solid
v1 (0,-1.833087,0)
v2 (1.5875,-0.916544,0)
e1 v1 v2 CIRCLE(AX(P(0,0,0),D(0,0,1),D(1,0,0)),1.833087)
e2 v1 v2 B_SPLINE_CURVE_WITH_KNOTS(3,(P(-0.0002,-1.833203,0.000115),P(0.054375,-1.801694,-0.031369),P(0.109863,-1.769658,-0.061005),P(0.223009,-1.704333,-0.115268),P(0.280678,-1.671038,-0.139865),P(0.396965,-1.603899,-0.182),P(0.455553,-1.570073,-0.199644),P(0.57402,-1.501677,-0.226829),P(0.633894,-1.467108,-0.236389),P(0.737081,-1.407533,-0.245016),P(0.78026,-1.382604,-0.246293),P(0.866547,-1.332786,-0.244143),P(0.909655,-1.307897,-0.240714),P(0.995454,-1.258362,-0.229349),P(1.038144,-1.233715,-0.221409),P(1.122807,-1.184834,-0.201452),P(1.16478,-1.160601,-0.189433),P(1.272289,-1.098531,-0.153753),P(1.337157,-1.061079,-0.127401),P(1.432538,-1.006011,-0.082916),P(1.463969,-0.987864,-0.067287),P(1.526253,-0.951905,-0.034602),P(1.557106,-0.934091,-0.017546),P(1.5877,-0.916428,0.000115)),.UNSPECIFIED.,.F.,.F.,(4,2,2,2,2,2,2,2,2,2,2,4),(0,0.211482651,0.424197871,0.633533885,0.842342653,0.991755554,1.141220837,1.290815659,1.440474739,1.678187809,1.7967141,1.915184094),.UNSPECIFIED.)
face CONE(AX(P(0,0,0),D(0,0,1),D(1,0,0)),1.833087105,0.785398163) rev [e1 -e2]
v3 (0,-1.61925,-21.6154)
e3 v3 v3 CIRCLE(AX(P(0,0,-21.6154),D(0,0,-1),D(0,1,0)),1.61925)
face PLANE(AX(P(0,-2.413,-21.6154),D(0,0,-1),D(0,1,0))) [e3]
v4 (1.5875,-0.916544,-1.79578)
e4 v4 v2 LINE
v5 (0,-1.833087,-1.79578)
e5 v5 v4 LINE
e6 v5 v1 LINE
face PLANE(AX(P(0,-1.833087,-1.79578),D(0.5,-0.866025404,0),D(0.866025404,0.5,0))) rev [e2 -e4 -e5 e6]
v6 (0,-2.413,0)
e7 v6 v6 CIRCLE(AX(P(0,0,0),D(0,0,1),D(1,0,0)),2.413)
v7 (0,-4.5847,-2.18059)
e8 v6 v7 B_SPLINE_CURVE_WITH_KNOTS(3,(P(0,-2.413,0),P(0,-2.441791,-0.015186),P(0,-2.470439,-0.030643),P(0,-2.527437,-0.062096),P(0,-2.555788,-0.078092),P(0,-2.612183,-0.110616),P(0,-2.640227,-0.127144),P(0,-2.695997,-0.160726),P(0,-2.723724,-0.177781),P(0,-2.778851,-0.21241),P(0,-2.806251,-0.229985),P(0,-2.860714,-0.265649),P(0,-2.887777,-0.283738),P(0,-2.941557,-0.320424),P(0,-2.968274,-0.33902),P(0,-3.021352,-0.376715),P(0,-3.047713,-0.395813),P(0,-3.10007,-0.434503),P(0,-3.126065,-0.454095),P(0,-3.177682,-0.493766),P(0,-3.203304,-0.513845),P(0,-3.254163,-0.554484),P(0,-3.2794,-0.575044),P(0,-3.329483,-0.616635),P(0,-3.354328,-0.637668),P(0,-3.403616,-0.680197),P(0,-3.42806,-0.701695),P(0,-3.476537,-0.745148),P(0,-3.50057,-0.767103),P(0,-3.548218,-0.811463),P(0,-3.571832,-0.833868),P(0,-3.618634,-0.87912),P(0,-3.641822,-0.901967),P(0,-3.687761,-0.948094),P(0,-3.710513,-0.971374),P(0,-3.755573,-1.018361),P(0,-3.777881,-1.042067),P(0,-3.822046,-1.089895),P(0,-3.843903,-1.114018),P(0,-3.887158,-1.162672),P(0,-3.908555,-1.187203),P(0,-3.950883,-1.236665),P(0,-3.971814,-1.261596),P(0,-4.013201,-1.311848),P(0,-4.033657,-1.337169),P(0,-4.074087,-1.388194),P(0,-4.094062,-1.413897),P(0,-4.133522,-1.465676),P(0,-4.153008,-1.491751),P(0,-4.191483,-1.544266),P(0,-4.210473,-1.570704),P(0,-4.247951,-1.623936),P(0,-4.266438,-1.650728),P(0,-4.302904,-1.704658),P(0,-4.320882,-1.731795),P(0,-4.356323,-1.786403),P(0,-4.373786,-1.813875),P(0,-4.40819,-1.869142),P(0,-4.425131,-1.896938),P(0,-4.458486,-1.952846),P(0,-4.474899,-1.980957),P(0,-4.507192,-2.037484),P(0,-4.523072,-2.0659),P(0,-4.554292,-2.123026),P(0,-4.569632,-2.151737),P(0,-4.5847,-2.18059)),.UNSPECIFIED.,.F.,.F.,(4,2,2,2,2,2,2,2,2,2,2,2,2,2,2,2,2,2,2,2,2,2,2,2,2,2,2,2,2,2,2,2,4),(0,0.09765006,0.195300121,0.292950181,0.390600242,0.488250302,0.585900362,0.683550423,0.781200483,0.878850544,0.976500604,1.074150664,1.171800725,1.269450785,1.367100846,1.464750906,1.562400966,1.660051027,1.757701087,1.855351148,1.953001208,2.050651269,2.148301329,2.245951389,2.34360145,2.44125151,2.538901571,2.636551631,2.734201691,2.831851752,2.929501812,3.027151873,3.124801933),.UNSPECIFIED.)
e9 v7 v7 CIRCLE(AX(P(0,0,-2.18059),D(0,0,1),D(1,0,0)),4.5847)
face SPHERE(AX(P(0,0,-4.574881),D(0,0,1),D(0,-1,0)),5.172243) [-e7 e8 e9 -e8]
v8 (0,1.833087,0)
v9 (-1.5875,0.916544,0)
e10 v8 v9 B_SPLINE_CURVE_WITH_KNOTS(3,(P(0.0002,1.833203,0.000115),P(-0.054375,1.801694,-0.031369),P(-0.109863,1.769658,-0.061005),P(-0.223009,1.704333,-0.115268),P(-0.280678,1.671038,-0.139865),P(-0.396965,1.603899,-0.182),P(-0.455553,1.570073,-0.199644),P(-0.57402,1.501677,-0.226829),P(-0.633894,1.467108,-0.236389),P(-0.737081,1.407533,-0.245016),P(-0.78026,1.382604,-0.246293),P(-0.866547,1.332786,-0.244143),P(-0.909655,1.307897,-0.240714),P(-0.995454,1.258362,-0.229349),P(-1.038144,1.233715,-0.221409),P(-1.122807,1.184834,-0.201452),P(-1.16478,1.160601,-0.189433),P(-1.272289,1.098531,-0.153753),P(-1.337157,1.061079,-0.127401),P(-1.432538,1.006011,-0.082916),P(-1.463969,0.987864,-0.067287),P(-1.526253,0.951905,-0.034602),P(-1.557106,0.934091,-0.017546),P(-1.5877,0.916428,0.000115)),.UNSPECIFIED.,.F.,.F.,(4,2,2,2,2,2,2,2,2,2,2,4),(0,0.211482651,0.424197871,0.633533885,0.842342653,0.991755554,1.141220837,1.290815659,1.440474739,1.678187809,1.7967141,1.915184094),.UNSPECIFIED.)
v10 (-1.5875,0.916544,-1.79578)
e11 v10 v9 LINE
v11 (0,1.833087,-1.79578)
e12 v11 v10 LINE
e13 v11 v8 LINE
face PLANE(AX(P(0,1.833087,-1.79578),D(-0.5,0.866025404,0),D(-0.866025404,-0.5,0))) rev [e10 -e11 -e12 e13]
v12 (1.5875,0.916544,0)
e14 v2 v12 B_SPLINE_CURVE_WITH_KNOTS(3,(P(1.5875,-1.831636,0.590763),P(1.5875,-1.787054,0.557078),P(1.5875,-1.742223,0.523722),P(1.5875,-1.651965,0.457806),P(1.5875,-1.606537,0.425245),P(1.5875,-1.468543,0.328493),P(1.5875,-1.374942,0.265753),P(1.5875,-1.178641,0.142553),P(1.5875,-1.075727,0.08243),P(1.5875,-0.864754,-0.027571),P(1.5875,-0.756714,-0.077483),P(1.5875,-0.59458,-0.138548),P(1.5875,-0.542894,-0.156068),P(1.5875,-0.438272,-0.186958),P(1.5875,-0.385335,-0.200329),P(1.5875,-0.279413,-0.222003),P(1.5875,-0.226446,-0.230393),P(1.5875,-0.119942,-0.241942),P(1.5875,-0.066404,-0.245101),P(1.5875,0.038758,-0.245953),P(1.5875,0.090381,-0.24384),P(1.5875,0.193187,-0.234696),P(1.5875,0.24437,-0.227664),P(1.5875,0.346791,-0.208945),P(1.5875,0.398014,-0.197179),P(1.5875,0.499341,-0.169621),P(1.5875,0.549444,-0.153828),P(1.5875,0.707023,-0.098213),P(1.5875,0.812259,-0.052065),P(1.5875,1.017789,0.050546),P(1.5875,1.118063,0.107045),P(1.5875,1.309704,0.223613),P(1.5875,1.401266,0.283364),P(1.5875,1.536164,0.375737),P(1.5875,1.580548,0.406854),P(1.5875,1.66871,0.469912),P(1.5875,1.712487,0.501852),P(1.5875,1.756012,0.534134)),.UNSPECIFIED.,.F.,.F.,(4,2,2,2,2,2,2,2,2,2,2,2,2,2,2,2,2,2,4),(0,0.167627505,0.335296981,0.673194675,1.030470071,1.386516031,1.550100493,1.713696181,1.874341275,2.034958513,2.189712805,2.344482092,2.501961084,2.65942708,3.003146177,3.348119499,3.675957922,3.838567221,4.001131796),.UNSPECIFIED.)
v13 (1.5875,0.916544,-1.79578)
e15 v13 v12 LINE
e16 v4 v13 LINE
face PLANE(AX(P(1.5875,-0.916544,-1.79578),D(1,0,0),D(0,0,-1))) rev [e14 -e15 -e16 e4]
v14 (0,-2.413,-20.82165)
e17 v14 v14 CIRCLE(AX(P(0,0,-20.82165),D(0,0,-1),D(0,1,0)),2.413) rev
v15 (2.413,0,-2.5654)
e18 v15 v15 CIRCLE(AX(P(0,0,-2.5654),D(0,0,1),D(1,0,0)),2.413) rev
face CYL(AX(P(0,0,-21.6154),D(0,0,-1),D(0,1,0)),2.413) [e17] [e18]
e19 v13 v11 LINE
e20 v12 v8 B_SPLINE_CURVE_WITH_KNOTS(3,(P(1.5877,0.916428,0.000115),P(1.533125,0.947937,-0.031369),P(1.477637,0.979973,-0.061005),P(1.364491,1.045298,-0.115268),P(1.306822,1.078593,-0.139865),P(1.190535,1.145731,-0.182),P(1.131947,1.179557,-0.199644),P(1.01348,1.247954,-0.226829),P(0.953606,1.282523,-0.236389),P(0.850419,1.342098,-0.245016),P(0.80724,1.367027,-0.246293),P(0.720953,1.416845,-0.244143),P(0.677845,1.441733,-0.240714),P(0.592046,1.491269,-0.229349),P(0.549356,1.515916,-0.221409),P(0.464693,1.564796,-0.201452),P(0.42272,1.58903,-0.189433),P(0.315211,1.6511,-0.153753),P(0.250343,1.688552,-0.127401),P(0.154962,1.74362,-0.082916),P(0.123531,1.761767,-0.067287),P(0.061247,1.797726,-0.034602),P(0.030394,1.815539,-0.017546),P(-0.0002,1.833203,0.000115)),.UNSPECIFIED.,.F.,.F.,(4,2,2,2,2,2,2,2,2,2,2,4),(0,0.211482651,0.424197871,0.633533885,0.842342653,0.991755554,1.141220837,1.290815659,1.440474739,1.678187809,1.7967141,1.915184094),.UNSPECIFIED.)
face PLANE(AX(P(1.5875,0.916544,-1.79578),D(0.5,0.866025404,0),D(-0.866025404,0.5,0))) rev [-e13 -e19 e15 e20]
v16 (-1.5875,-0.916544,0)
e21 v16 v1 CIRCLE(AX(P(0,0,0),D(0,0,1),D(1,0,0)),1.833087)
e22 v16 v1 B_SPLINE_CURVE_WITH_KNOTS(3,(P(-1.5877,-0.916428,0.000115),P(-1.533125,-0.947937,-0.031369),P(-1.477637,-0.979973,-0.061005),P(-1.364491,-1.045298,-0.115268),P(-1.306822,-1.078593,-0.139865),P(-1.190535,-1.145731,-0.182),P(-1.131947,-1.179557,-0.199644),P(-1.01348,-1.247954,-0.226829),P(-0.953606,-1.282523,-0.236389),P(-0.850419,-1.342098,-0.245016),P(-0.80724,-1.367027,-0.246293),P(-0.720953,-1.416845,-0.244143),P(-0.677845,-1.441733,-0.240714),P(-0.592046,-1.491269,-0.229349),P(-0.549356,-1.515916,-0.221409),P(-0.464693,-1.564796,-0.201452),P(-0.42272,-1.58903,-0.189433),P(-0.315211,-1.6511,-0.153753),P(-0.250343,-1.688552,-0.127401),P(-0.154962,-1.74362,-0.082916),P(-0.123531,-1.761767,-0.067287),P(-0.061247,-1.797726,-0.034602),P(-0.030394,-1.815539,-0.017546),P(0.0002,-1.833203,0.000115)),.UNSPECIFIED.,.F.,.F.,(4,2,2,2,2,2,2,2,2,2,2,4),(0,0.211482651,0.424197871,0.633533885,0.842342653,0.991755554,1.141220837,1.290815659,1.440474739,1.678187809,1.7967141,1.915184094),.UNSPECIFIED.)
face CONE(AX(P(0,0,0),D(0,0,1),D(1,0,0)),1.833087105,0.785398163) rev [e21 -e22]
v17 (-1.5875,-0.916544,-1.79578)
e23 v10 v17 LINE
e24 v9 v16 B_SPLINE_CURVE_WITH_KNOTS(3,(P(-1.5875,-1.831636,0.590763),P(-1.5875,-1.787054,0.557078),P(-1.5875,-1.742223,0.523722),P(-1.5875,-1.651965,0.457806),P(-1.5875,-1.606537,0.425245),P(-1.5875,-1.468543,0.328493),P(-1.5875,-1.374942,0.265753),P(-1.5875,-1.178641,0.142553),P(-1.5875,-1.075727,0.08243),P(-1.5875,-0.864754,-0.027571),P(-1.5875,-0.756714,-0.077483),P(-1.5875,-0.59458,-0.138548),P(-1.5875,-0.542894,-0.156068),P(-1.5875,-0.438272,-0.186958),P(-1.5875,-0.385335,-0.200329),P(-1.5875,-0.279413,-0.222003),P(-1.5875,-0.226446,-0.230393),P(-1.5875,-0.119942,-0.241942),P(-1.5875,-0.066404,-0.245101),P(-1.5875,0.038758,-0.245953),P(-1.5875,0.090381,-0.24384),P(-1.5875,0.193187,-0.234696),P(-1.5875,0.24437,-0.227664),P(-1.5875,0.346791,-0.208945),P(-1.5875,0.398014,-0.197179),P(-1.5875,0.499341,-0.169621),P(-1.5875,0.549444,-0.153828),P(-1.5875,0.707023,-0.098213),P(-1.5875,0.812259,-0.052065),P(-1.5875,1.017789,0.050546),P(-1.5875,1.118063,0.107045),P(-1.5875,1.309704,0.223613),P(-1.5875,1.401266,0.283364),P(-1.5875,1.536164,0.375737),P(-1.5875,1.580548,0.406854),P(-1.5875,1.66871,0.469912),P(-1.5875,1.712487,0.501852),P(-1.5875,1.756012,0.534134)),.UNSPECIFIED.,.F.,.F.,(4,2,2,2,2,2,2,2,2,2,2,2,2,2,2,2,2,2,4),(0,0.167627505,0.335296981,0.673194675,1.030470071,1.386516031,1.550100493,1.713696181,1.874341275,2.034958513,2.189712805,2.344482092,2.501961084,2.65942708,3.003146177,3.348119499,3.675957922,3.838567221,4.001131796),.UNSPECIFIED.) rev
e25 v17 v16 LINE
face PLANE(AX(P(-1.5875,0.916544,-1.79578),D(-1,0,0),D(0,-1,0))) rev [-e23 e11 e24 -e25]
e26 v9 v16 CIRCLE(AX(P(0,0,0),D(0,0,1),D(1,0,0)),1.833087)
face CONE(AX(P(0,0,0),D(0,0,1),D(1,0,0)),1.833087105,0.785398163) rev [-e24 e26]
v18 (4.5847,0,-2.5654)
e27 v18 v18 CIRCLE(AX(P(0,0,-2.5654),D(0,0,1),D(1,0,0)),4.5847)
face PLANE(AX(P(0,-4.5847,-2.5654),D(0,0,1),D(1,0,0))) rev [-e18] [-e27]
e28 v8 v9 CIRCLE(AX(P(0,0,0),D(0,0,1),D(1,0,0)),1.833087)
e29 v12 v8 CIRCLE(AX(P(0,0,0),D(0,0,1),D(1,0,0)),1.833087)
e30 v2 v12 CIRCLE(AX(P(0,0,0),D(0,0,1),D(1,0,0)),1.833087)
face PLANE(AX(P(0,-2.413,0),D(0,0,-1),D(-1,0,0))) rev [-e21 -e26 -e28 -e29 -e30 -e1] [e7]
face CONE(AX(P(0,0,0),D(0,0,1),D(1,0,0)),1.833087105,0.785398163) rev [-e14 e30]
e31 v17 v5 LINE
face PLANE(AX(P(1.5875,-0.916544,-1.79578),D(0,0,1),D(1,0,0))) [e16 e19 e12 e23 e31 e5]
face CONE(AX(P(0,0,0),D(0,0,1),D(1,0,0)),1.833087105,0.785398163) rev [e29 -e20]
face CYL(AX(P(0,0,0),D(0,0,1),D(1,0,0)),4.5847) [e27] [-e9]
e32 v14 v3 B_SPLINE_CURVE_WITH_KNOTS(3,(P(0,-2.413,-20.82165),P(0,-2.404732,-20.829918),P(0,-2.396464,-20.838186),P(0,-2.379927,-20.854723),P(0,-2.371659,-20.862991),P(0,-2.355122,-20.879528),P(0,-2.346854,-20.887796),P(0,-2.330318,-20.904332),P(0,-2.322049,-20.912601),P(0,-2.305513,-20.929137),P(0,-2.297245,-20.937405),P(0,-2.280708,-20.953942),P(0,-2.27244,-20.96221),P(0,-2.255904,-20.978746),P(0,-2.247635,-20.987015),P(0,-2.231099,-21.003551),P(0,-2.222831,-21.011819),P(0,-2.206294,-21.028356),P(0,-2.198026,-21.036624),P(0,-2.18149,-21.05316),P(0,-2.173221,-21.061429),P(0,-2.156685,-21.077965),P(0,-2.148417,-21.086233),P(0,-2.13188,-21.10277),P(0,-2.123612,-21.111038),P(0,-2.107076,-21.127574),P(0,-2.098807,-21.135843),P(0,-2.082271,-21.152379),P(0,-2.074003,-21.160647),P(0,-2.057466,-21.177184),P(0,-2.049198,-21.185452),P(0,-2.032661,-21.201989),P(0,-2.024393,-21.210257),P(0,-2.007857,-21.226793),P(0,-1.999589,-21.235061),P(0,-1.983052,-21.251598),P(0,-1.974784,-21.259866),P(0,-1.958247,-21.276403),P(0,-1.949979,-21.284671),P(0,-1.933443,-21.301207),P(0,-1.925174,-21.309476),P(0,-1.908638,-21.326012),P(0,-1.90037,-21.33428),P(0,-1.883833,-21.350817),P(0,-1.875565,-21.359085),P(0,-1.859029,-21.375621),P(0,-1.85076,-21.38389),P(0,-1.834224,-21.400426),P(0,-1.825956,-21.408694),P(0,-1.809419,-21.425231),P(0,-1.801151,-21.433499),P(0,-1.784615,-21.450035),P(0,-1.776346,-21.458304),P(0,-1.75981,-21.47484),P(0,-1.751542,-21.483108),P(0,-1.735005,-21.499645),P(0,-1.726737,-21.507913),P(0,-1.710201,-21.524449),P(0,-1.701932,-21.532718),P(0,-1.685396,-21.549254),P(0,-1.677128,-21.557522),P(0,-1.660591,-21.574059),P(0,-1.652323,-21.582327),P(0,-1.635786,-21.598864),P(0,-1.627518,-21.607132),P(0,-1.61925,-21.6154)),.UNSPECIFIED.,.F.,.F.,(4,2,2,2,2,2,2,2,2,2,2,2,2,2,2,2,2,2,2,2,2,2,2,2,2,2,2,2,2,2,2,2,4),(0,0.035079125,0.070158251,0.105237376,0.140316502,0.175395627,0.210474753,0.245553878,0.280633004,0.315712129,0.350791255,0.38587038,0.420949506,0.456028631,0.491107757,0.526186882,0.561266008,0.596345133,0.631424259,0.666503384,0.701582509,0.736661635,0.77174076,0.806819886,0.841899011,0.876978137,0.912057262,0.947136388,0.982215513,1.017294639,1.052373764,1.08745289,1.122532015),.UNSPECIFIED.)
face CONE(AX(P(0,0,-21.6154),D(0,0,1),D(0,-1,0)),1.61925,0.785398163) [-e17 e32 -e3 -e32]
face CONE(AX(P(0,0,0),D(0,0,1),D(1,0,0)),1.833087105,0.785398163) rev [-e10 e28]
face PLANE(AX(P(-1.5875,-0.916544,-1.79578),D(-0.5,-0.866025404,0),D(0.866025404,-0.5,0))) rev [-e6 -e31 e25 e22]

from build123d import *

# Parameters (mm, degrees)
SKETCH1_W          = 19.05
SKETCH1_H          = 2.413
CHAMFER1_SIZE      = 0.79375
CUT_EXTRUDE2_DEPTH = 1.79578
SKETCH6_R          = 1.833087105
CUT_EXTRUDE3_DEPTH = 1.79578
CUT_EXTRUDE3_TAPER = 45


with BuildPart() as part:
    # Sketch1 → Revolve1 (revolve)
    with BuildSketch(Plane(origin=(0, 0, 0), x_dir=(0, 0, -1), z_dir=(1, 0, 0))):
        with Locations((12.0904, 1.2065)):
            Rectangle(SKETCH1_W, SKETCH1_H)
    revolve(axis=Axis((0, 0, -21.6154), (0, 0, 1)))

    # Chamfer1
    chamfer1_edges = [part.edges().sort_by_distance(p)[0] for p in [
        (0, -2.413, -21.6154),
    ]]
    chamfer(chamfer1_edges, length=CHAMFER1_SIZE)

    # Sketch7 → Revolve2 (revolve)
    with BuildSketch(Plane(origin=(0, 0, 0), x_dir=(0, 0, -1), z_dir=(1, 0, 0))):
        with BuildLine():
            Line((2.18059, 4.5847), (2.5654, 4.5847))
            Line((2.5654, 4.5847), (2.5654, 0))
            Line((2.5654, 0), (0, 0))
            Line((0, 0), (0, 2.413))
            ThreePointArc((0, 2.413), (0.925030326, 3.664791196), (2.18059, 4.5847))
        make_face()
    revolve(axis=Axis((0, 0, 0), (0, 0, -1)))

    # Sketch5 → Cut-Extrude2 (cut)
    with BuildSketch(Plane.XY):
        Polygon((1.5875, -0.916543552), (1.5875, 0.916543552), (0, 1.833087105), (-1.5875, 0.916543552), (-1.5875, -0.916543552), (0, -1.833087105), align=None)
    extrude(amount=-CUT_EXTRUDE2_DEPTH, mode=Mode.SUBTRACT)

    # Sketch6 → Cut-Extrude3 (cut)
    with BuildSketch(Plane.XY):
        Circle(SKETCH6_R)
    extrude(amount=-CUT_EXTRUDE3_DEPTH, taper=CUT_EXTRUDE3_TAPER, mode=Mode.SUBTRACT)


solid = part.part
